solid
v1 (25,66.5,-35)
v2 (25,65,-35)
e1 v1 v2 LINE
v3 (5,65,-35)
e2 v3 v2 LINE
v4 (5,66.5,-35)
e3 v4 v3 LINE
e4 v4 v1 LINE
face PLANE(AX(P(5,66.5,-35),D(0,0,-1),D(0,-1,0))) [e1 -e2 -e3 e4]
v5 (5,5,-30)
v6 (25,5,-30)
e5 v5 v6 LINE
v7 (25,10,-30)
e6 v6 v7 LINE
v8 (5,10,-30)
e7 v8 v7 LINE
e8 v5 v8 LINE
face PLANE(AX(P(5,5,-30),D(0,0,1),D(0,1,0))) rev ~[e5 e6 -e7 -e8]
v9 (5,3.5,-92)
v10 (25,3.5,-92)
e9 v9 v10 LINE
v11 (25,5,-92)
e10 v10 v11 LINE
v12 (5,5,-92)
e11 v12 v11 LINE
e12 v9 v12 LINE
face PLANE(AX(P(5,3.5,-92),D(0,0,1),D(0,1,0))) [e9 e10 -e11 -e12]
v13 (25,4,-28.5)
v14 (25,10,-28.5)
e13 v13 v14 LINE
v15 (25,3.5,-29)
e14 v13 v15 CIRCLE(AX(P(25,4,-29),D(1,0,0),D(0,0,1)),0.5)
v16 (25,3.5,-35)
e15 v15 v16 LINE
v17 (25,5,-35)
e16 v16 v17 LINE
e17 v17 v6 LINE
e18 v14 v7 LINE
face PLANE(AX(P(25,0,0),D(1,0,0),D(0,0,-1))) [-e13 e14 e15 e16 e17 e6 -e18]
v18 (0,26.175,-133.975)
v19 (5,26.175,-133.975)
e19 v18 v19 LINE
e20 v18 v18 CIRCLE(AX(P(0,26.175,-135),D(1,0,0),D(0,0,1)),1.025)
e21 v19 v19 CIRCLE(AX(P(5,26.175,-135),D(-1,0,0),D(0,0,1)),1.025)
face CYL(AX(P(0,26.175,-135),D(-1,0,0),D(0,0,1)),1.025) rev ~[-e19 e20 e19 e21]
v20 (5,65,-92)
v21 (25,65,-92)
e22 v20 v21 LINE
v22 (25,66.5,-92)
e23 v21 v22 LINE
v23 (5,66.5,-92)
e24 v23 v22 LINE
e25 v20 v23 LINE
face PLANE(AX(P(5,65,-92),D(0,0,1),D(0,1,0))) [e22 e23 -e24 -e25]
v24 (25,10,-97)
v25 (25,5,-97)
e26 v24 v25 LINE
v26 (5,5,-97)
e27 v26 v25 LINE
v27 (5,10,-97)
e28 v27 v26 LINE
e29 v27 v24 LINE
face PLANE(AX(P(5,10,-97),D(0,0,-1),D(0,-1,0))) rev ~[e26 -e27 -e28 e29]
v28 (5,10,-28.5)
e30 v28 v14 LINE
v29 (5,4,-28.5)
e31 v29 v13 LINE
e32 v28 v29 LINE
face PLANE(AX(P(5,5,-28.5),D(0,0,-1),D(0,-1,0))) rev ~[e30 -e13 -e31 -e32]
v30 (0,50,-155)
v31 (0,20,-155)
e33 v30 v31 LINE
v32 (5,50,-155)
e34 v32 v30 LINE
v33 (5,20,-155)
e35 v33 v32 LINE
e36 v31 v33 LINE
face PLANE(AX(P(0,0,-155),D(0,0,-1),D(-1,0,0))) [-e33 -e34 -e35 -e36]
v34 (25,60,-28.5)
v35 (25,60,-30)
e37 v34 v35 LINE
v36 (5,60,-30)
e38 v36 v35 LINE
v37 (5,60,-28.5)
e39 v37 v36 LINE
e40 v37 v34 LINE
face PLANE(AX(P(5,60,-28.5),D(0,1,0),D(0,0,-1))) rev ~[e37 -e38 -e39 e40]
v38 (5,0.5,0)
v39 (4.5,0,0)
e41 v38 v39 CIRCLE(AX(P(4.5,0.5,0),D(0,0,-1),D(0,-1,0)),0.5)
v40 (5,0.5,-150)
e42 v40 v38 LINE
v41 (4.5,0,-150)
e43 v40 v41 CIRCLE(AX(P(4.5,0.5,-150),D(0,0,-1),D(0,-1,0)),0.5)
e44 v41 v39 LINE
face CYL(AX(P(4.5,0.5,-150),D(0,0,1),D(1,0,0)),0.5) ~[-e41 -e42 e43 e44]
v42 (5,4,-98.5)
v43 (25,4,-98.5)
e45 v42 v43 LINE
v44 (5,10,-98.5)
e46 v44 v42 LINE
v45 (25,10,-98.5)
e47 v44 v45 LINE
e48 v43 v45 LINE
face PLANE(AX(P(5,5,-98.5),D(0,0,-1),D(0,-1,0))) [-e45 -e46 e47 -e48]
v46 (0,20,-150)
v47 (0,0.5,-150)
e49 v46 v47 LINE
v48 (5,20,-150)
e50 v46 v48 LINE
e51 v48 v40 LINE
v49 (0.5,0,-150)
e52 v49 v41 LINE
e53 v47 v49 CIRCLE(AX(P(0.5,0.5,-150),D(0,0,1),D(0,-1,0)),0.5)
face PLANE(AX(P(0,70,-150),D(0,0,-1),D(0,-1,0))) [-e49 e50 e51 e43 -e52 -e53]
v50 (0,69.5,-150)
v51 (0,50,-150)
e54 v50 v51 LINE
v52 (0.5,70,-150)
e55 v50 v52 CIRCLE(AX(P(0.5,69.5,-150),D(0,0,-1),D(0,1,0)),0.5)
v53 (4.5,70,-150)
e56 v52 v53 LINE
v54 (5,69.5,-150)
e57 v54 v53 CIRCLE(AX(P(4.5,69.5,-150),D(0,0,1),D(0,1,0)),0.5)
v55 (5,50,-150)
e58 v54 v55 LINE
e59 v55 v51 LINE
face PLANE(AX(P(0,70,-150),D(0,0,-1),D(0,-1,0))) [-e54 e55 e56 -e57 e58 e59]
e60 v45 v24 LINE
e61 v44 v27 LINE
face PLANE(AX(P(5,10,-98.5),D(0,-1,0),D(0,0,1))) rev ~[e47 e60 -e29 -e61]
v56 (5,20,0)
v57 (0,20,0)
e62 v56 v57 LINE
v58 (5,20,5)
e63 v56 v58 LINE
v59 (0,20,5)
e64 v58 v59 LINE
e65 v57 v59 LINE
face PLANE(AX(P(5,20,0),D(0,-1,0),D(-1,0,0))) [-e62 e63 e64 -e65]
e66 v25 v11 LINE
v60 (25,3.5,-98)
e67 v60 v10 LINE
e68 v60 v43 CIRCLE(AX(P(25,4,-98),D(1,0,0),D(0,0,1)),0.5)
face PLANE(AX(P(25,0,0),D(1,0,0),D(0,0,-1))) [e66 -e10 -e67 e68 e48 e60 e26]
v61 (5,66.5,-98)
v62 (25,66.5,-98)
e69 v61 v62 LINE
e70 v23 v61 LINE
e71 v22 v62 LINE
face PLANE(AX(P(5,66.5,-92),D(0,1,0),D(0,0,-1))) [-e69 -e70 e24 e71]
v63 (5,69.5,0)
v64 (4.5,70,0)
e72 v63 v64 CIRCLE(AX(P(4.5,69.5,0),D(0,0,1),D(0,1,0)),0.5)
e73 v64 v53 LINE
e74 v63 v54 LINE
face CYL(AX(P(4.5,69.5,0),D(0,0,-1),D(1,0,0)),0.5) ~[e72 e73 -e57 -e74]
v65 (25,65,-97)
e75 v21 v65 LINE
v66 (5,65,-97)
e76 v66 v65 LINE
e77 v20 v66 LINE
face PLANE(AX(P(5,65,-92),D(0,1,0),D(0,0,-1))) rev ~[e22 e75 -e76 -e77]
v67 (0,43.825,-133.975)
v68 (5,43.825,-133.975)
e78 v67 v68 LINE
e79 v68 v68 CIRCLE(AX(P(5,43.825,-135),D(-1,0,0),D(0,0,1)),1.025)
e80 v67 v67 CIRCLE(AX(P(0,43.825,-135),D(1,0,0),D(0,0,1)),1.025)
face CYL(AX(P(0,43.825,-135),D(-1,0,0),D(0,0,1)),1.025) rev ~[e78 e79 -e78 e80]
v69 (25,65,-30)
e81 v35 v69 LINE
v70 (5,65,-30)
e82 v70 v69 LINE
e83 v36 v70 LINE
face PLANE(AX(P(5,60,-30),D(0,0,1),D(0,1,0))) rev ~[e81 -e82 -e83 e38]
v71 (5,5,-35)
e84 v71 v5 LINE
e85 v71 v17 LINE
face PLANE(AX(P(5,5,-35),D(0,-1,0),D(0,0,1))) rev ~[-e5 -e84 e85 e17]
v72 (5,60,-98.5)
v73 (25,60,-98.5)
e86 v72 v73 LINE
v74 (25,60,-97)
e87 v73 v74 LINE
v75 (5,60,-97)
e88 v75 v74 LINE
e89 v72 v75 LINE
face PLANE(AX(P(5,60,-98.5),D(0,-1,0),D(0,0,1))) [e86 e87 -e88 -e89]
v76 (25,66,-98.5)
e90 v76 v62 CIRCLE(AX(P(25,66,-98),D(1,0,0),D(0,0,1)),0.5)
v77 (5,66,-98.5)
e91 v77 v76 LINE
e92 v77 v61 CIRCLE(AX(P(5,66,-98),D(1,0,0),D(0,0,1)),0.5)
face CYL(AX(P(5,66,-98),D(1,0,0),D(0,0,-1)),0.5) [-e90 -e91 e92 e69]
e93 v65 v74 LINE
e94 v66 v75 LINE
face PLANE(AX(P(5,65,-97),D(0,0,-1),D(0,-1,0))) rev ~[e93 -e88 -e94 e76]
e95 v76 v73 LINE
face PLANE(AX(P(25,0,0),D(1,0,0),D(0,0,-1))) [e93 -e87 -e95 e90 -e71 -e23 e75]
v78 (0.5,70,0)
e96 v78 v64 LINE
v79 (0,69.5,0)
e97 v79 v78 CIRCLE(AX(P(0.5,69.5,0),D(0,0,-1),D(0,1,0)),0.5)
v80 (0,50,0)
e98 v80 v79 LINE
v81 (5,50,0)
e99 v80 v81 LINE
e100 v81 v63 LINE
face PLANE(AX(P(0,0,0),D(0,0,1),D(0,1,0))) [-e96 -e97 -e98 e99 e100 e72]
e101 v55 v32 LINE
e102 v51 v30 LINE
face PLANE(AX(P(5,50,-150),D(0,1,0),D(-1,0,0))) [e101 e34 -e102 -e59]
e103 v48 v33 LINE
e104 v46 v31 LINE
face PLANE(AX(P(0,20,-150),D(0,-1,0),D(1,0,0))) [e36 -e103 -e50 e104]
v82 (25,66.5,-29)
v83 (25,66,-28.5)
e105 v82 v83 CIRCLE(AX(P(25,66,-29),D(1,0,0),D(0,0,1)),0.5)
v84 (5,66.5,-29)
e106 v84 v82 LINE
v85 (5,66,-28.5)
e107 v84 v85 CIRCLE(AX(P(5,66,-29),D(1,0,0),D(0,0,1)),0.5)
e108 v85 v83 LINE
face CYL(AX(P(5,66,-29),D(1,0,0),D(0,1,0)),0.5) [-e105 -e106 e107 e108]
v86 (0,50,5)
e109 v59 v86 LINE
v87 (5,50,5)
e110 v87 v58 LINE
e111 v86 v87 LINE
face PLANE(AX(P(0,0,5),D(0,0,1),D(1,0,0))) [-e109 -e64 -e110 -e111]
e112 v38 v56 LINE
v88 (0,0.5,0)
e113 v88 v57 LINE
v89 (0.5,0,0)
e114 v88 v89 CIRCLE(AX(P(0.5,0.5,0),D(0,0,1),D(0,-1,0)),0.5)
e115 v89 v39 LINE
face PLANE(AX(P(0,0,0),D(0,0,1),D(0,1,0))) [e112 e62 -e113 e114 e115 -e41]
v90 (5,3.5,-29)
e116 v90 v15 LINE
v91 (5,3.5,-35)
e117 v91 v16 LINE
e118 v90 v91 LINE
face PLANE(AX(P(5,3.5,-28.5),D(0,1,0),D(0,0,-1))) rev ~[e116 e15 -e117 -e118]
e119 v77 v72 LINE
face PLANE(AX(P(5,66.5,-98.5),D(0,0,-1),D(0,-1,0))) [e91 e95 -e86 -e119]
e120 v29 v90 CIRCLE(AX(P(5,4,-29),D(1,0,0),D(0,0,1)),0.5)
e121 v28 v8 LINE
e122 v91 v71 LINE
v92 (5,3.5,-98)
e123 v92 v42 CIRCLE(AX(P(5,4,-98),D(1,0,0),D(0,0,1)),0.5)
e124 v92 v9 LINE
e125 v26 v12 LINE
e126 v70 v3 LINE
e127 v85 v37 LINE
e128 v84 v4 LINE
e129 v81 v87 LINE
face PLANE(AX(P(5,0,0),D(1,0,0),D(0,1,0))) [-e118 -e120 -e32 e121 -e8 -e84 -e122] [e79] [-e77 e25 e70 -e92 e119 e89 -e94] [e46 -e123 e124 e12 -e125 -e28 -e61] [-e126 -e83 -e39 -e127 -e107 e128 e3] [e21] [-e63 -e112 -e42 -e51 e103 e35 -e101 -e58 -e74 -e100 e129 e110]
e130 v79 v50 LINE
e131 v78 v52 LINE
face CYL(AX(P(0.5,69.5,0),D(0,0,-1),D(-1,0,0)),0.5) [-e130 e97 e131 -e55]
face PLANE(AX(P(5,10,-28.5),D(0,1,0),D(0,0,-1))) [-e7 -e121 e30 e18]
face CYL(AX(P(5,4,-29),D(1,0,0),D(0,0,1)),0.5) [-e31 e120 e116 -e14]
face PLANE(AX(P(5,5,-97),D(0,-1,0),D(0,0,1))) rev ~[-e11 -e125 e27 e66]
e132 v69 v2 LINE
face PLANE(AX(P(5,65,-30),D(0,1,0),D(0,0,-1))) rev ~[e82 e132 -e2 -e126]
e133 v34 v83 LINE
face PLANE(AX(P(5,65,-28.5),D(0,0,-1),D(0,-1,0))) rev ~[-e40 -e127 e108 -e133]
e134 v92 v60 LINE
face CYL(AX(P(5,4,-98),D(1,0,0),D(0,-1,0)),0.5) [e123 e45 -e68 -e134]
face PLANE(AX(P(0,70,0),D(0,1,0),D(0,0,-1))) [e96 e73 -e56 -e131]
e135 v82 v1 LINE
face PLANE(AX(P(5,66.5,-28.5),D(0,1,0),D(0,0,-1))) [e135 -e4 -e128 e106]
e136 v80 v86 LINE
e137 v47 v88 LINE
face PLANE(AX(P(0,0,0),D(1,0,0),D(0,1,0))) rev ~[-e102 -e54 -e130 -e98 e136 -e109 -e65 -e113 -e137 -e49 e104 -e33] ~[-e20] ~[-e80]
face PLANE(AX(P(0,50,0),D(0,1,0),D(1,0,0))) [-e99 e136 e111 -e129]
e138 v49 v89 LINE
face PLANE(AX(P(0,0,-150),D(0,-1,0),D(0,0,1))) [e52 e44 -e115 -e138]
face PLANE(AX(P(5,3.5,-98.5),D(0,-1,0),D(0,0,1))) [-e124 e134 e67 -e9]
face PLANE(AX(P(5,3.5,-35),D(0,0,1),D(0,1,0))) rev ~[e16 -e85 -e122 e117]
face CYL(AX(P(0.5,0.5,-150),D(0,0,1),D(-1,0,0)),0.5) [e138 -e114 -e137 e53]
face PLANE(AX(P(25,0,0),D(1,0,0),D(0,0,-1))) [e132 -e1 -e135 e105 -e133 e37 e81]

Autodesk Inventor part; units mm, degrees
ref_plane "YZ Plane" through (0, 0, 0) normal (1, 0, 0) x (0, 1, 0)
ref_plane "XZ Plane" through (0, 0, 0) normal (0, 1, 0) x (-1, 0, 0)
ref_plane "XY Plane" through (0, 0, 0) normal (0, 0, 1) x (1, 0, 0)
sketch "Sketch1" plane through (0, 0, 0) normal (1, 0, 0) x (0, 1, 0)
  line L0 (0, 0) -> (70, 0)
  line L1 (70, 0) -> (70, -150)
  line L2 (70, -150) -> (0, -150)
  line L3 (0, -150) -> (0, 0)
  dimension "d0" = 70
  dimension "d1" = 150
extrude "Extrusion1" add sketch "Sketch1" along normal blind 5
sketch "Sketch2" plane through (0, 0, 0) normal (0, 0, 1) x (1, 0, 0)
  line L0 (0, 0) -> (0, 20)
  line L1 (0, 0) -> (0, 70) projected
  line L2 (0, 20) -> (0, 20)
  line L3 (0, 20) -> (0, 50)
  line L4 (0, 50) -> (5, 50)
  line L5 (5, 50) -> (5, 20)
  line L6 (5, 20) -> (0, 20)
  dimension "d4" = 20
  dimension "d5" = 0
  dimension "d6" = 30
  dimension "d7" = 5
extrude "Extrusion2" add sketch "Sketch2" along normal blind 5
sketch "Sketch3" plane through (0, 0, -150) normal (0, 0, -1) x (-1, 0, 0)
  line L0 (0, 0) -> (0, 0)
  line L1 (0, 0) -> (-5, 0) projected
  line L2 (0, 0) -> (0, 20)
  line L3 (0, 20) -> (-5, 20)
  line L4 (-5, 20) -> (-5, 50)
  line L5 (-5, 50) -> (0, 50)
  line L6 (0, 50) -> (0, 20)
  dimension "d10" = 0
  dimension "d11" = 20
  dimension "d12" = 5
  dimension "d13" = 30
extrude "Extrusion3" add sketch "Sketch3" along normal blind 5
sketch "Sketch4" plane through (5, 0, 0) normal (1, 0, 0) x (0, 0, -1)
  line L0 (0, 0) -> (150, 0) projected
  line L1 (0, 0) -> (0, 5)
  line L2 (0, 70) -> (0, 0) projected
  line L3 (0, 5) -> (28.5, 5)
  line L4 (30, 5) -> (30, 65)
  line L5 (30, 65) -> (97, 65)
  line L6 (97, 65) -> (97, 5)
  line L7 (97, 5) -> (30, 5)
  line L8 (30, 65) -> (28.5, 65)
  line L9 (28.5, 65) -> (28.5, 60)
  line L10 (28.5, 60) -> (30, 60)
  line L11 (28.5, 65) -> (28.5, 66.5)
  line L12 (28.5, 66.5) -> (35, 66.5)
  line L13 (35, 66.5) -> (35, 65)
  line L14 (28.5, 5) -> (28.5, 10)
  line L15 (28.5, 10) -> (30, 10)
  line L16 (28.5, 5) -> (28.5, 3.5)
  line L17 (28.5, 3.5) -> (35, 3.5)
  line L18 (35, 3.5) -> (35, 5)
  line L19 (97, 5) -> (98.5, 5)
  line L20 (98.5, 5) -> (98.5, 10)
  line L21 (98.5, 10) -> (97, 10)
  line L22 (98.5, 5) -> (98.5, 3.5)
  line L23 (98.5, 3.5) -> (92, 3.5)
  line L24 (92, 3.5) -> (92, 5)
  line L25 (92, 65) -> (92, 66.5)
  line L26 (92, 66.5) -> (98.5, 66.5)
  line L27 (98.5, 66.5) -> (98.5, 60)
  line L28 (98.5, 60) -> (97, 60)
  dimension "d16" = 5
  dimension "d17" = 30
  dimension "d18" = 60
  dimension "d19" = 67
  dimension "d20" = 1.5
  dimension "d21" = 5
  dimension "d22" = 1.5
  dimension "d23" = 6.5
  dimension "d24" = 5
  dimension "d25" = 1.5
  dimension "d26" = 1.5
  dimension "d27" = 5
  dimension "d28" = 1.5
  dimension "d29" = 6.5
  dimension "d30" = 6.5
  dimension "d31" = 6.5
extrude "Extrusion4" add sketch "Sketch4" along normal blind 20 contours L7 L18 L17 L16 L14 L15 L4 | L10 L9 L8 L4 | L7 L19 L22 L23 L24 | L8 L11 L12 L13 L5 | L6 L21 L20 L19 | L25 L26 L27 L28 L6 L5
fillet "Fillet1" radius 0.5 8 edges at (5, 70, -75) (0, 70, -75) (5, 0, -75) (0, 0, -75) (15, 3.5, -28.5) (15, 66.5, -28.5) (15, 66.5, -98.5) (15, 3.5, -98.5)
sketch "Sketch5" plane through (0, 0, 0) normal (-1, 0, 0) x (0, 0, 1)
  line L0 (-155, 20) -> (-155, 50) projected
  line L1 (-155, 35) -> (-135, 35)
  line L2 (-135, 35) -> (-135, 43.825)
  line L3 (-135, 43.825) -> (-135, 26.175)
  circle A0 centre (-135, 43.825) radius 1.025
  circle A1 centre (-135, 26.175) radius 1.025
  point P0 (0, 0)
  dimension "d35" = 20
  dimension "d36" = 8.825
  dimension "d37" = 17.65
  dimension "d38" = 2.05
  dimension "d39" = 2.05
extrude "Extrusion5" cut sketch "Sketch5" against normal through all
properties part number "Chassis_Upper_Portion"
